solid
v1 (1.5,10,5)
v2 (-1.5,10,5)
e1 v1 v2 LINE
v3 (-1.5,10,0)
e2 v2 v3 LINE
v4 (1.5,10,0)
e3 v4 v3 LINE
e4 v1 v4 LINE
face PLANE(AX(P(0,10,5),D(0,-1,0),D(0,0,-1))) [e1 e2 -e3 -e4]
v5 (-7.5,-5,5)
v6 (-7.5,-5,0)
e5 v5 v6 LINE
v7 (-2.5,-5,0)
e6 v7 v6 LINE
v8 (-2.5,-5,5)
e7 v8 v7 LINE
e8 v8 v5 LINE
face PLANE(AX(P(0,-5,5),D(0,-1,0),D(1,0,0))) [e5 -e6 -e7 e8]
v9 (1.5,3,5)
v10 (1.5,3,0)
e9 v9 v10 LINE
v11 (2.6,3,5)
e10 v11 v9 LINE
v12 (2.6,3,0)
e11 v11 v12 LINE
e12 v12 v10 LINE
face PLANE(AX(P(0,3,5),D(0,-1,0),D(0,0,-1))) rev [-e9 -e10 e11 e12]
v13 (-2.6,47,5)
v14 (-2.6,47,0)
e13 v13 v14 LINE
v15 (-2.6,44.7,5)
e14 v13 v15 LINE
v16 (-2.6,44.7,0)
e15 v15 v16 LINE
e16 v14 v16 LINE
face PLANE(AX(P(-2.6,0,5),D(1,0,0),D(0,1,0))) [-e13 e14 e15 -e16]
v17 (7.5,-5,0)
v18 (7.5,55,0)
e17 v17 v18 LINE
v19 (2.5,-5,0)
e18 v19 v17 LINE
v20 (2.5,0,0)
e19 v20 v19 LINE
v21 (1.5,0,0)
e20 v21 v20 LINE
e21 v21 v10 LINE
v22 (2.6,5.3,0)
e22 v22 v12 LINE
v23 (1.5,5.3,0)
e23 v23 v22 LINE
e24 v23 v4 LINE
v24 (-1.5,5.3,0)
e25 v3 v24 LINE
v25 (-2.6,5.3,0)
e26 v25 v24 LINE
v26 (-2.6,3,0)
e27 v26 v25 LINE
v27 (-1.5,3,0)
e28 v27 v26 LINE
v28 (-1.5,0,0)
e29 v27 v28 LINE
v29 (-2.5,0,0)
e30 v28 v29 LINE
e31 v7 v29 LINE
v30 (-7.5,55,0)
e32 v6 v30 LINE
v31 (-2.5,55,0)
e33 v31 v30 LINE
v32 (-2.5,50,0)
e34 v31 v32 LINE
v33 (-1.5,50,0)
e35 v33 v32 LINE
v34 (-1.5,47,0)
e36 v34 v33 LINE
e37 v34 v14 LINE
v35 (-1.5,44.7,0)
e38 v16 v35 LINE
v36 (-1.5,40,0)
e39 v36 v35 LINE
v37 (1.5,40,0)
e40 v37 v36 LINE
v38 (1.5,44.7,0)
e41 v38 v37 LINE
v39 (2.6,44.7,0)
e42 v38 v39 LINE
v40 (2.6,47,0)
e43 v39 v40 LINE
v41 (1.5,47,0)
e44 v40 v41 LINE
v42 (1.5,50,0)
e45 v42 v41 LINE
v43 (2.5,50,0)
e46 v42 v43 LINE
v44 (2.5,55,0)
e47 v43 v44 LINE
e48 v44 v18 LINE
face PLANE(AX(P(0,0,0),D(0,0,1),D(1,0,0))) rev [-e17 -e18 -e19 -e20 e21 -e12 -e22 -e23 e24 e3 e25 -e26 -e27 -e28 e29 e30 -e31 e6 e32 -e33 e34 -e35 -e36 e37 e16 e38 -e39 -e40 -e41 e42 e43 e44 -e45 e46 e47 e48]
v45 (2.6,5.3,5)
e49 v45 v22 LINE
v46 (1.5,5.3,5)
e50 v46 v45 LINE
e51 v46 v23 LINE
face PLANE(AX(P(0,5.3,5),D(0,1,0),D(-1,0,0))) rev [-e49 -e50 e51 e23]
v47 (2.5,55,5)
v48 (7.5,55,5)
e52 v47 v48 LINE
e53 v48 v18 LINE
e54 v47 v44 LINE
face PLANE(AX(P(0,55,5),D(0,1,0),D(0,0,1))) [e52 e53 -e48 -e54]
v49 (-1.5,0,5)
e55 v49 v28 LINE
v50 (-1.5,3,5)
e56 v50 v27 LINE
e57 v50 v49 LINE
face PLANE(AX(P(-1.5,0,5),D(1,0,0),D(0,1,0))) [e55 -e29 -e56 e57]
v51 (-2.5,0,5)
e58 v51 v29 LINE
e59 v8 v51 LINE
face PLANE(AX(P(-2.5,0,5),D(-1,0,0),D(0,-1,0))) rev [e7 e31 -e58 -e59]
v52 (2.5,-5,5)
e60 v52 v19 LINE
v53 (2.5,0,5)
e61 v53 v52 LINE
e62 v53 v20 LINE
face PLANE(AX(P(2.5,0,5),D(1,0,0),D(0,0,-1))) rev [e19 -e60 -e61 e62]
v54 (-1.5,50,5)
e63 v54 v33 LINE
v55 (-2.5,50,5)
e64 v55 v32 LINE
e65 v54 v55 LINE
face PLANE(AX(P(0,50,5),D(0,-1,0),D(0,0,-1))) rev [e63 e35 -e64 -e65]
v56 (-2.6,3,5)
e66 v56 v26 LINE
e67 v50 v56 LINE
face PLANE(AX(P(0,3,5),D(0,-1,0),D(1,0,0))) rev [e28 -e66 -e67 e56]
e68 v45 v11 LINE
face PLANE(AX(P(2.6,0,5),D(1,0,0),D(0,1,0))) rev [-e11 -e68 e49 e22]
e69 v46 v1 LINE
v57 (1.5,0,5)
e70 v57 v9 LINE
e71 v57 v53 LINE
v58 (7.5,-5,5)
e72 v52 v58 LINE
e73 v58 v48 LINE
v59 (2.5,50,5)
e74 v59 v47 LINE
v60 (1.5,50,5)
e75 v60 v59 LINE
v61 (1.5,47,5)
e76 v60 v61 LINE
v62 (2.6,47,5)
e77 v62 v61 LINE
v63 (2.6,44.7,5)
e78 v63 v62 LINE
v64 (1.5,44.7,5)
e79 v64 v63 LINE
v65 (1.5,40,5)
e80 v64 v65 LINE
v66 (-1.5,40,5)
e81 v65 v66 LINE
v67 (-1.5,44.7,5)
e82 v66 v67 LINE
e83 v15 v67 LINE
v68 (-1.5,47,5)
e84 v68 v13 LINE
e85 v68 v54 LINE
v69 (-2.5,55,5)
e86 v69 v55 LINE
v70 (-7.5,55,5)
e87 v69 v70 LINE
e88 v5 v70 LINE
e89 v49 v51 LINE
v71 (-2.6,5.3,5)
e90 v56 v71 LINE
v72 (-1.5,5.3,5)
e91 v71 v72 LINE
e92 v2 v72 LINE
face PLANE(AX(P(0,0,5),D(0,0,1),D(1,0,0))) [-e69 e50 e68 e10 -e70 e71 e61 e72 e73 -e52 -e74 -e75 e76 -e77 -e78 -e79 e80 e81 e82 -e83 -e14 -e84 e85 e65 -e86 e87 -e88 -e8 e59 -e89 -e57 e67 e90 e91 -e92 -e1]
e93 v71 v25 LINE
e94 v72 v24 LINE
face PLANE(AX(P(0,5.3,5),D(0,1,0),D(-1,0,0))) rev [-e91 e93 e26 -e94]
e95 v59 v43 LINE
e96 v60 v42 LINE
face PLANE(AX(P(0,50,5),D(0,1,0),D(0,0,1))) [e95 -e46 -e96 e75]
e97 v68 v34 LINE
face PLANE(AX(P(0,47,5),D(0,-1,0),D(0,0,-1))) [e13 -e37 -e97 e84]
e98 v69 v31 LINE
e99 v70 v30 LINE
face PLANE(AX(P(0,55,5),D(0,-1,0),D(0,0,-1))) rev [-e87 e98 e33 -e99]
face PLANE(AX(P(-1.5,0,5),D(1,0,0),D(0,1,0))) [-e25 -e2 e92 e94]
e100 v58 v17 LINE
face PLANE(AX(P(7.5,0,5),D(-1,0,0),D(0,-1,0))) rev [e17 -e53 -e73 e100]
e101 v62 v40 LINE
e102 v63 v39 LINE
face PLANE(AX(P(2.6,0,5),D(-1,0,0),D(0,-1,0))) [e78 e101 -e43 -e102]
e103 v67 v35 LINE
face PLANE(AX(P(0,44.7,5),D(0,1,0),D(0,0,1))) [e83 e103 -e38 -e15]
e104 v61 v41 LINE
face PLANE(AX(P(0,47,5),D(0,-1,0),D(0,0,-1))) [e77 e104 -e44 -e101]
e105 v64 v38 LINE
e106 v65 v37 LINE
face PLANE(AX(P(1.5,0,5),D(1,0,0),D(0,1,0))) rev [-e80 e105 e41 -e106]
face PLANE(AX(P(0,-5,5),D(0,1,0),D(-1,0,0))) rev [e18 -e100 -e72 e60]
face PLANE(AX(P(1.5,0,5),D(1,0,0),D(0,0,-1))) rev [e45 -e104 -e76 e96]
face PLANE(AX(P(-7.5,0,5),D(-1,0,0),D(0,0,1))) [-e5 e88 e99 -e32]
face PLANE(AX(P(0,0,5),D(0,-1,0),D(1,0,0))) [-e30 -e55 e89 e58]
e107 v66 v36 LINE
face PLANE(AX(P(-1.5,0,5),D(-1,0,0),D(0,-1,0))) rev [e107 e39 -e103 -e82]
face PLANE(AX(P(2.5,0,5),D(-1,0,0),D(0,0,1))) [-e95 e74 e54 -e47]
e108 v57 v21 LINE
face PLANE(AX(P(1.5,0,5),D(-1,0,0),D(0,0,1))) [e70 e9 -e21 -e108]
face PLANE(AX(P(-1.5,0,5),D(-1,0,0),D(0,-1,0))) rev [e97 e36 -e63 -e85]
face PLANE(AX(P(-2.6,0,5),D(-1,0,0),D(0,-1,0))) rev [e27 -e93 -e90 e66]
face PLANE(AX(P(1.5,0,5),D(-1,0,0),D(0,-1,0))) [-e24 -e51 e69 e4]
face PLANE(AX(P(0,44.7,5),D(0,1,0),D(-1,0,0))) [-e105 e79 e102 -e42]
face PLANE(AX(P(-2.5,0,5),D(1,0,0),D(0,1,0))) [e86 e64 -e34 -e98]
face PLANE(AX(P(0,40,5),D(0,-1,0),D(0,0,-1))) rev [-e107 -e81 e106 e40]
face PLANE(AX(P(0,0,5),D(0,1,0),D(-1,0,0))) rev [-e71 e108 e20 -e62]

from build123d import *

# Parameters (mm, degrees)
BOSS_EXTRU_1_DEPTH = 5


with BuildPart() as part:
    # Esquisse1 → Boss.-Extru.1 (new body)
    with BuildSketch(Plane.XY):
        Polygon((-7.5, 50), (-7.5, 25), (7.5, 25), (7.5, 50), (7.5, 55), (2.5, 55), (2.5, 50), (1.5, 50), (1.5, 47), (2.6, 47), (2.6, 44.7), (1.5, 44.7), (1.5, 40), (-1.5, 40), (-1.5, 44.7), (-2.6, 44.7), (-2.6, 47), (-1.5, 47), (-1.5, 50), (-2.5, 50), (-2.5, 55), (-7.5, 55), align=None)
        Polygon((-7.5, 25), (-7.5, 0), (-7.5, -5), (-2.5, -5), (-2.5, 0), (-1.5, 0), (-1.5, 3), (-2.6, 3), (-2.6, 5.3), (-1.5, 5.3), (-1.5, 10), (1.5, 10), (1.5, 5.3), (2.6, 5.3), (2.6, 3), (1.5, 3), (1.5, 0), (2.5, 0), (2.5, -5), (7.5, -5), (7.5, 0), (7.5, 25), align=None)
    extrude(amount=BOSS_EXTRU_1_DEPTH)


solid = part.part
